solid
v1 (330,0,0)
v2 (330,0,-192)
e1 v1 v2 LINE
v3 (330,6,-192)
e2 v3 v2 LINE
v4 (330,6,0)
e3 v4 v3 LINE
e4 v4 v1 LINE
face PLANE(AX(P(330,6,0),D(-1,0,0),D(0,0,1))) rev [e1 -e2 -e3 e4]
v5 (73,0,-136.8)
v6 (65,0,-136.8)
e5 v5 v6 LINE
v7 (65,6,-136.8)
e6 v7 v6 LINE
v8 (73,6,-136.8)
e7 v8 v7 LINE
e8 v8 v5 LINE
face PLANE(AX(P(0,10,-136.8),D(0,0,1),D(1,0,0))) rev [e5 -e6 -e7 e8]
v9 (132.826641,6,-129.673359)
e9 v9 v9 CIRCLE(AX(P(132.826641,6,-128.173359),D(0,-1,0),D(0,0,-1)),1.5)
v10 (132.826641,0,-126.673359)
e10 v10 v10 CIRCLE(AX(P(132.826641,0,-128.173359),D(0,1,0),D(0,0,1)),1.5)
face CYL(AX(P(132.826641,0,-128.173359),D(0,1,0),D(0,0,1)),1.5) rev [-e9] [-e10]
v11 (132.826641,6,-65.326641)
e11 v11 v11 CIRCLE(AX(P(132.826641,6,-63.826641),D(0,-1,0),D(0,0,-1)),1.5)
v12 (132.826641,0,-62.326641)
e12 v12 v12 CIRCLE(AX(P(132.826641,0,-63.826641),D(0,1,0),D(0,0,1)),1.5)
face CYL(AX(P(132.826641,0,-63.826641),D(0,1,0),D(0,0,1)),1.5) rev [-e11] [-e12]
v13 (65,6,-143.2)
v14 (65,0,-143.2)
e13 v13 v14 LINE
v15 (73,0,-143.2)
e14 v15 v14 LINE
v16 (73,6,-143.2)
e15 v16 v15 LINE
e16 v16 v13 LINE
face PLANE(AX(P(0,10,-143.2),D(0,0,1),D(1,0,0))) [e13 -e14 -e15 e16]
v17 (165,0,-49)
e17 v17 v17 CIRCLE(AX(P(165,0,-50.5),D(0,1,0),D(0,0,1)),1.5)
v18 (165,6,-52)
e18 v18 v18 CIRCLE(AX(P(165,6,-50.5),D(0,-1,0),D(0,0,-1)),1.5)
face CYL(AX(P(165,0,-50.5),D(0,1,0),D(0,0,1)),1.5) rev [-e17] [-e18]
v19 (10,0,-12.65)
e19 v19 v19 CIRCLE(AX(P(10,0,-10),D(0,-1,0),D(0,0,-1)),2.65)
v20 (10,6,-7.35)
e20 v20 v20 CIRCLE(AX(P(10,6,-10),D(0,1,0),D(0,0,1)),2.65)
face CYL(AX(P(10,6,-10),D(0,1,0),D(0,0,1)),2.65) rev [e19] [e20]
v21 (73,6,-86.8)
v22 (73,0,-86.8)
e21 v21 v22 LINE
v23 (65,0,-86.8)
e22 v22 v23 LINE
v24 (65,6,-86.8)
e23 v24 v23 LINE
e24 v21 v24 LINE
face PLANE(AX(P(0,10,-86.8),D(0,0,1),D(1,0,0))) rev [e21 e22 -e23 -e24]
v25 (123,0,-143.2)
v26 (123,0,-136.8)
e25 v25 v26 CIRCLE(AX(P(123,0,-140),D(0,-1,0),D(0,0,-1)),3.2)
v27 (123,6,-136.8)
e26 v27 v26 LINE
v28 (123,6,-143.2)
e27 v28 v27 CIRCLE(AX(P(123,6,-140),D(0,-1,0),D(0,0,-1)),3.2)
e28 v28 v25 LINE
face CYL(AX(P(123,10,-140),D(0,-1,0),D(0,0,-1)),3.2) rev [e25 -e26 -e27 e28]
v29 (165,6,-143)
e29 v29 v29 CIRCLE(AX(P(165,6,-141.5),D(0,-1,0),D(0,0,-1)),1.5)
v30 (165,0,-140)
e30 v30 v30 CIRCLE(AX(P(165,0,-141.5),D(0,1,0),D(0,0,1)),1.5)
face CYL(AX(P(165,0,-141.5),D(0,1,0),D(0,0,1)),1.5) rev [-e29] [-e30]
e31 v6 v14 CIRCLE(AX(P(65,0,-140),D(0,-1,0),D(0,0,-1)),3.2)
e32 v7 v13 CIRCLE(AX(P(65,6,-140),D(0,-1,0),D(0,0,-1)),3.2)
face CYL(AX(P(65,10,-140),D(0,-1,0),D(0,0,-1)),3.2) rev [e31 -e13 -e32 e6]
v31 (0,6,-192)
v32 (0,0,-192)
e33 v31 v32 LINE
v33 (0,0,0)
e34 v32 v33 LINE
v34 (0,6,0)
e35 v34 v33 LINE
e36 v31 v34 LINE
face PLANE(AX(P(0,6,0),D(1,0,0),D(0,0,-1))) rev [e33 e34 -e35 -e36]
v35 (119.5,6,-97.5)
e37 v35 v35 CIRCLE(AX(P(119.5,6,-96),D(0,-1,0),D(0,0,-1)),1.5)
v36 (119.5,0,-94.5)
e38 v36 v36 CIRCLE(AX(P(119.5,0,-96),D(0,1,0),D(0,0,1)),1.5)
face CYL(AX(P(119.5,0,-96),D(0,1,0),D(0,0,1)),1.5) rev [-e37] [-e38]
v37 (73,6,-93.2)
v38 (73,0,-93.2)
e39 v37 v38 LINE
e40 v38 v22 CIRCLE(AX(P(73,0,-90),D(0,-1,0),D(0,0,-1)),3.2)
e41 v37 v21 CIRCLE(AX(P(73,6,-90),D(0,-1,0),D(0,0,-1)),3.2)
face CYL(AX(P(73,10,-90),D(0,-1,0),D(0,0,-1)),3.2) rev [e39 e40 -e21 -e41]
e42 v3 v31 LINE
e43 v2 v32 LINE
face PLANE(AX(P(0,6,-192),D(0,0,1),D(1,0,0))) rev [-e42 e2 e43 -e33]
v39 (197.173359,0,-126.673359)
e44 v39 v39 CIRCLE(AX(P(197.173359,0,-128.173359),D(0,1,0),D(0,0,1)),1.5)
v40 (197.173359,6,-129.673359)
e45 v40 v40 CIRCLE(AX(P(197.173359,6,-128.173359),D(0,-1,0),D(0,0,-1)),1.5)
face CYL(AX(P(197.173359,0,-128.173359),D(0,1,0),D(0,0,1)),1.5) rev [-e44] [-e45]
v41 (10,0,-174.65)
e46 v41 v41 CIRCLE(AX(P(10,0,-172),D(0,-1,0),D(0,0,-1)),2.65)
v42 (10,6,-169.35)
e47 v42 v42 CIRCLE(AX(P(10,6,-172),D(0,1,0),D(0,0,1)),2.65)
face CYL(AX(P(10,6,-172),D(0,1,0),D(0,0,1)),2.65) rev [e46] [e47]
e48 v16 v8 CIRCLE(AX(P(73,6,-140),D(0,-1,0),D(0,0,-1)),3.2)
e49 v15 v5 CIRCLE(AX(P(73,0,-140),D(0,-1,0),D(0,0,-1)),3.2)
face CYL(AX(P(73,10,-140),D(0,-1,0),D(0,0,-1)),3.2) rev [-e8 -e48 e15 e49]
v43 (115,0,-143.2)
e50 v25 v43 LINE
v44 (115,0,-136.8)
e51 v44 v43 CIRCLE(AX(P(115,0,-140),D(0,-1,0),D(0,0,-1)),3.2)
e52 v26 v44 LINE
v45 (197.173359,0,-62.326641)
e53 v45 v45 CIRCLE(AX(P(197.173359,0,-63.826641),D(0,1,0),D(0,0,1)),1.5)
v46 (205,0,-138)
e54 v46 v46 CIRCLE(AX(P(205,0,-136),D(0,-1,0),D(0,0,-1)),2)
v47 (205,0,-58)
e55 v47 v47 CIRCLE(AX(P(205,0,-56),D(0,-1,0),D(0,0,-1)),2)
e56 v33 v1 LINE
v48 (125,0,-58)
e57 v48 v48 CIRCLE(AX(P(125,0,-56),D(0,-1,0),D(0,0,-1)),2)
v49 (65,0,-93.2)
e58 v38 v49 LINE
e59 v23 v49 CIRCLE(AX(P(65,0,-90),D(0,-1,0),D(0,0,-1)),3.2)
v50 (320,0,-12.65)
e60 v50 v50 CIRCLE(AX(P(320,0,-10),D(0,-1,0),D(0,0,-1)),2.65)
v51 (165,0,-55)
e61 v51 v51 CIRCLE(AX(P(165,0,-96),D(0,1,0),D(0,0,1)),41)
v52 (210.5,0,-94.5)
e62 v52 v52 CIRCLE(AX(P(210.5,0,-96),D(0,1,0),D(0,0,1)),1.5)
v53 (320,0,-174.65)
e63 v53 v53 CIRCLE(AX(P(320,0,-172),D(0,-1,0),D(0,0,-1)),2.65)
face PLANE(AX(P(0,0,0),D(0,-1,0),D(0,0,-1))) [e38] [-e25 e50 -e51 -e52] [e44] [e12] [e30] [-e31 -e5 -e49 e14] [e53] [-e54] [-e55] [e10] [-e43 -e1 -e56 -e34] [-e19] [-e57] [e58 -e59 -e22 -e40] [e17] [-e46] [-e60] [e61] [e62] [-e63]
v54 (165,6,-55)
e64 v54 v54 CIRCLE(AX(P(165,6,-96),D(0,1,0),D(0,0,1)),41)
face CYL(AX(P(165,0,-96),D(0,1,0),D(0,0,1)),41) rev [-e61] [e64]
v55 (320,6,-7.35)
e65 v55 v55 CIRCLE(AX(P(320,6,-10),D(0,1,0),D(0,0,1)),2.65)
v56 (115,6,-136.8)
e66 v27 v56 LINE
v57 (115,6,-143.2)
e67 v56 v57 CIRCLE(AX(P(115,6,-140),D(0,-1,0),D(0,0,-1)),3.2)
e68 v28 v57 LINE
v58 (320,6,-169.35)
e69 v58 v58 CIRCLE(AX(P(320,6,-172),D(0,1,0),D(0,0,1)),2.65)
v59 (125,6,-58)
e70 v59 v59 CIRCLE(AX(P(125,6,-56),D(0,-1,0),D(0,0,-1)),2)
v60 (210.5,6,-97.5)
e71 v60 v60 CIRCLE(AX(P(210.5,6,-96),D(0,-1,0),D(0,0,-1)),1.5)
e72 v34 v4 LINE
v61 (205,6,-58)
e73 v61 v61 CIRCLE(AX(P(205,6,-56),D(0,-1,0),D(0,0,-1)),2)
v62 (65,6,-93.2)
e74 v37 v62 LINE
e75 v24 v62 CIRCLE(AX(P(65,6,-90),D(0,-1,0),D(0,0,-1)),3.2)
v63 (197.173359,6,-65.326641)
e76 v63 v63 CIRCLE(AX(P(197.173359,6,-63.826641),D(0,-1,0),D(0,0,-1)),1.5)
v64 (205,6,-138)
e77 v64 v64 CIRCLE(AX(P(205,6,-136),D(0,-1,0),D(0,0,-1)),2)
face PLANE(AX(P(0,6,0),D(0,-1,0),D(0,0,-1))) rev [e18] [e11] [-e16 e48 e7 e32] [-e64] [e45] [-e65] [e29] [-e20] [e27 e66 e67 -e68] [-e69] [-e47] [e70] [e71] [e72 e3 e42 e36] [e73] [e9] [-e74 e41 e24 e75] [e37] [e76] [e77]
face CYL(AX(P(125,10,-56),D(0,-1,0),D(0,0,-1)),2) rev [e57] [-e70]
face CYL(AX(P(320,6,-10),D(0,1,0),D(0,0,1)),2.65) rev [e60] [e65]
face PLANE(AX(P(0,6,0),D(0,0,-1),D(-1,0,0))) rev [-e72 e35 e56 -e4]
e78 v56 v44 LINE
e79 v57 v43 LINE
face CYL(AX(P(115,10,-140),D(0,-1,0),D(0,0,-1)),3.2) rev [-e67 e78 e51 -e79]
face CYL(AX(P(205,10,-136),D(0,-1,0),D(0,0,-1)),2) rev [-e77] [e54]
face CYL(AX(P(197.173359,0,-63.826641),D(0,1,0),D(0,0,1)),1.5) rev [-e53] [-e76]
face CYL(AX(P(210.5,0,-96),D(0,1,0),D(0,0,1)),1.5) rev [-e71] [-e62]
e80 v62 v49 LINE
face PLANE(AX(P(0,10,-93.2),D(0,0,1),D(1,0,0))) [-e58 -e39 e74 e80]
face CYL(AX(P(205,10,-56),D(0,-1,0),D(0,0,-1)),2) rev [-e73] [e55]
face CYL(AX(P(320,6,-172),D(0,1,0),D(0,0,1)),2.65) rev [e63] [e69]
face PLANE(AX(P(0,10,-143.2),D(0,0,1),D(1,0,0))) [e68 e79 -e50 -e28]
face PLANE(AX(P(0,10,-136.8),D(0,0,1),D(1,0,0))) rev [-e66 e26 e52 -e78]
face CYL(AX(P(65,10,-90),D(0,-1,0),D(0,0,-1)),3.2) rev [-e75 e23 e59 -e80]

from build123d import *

# Parameters (mm, degrees)
SKETCH1_W                = 330
SKETCH1_H                = 192
BOSS_EXTRUDE1_DEPTH      = 6
CUT_EXTRUDE1_DEPTH       = 382.837661841
CUT_EXTRUDE1_DEPTH_BACK  = 382.837661841
SKETCH2_R                = 1.5
SKETCH3_R                = 41
CUT_EXTRUDE2_DEPTH       = 382.837661841
CUT_EXTRUDE5_DEPTH       = 10
SKETCH11_R               = 2
CUT_EXTRUDE6_DEPTH       = 10
M5_CLEARANCE_HOLE1_D     = 5.3
M5_CLEARANCE_HOLE1_DEPTH = 11.94
M5_CLEARANCE_HOLE1_TIP   = 1.59228064


with BuildPart() as part:
    # Sketch1 → Boss-Extrude1 (new body)
    with BuildSketch(Plane(origin=(0, 0, 0), x_dir=(1, 0, 0), z_dir=(0, 1, 0))):
        with Locations((165, 96)):
            Rectangle(SKETCH1_W, SKETCH1_H)
    extrude(amount=BOSS_EXTRUDE1_DEPTH)

    # Sketch2 → Cut-Extrude1 (cut, two sides: drawn at the far end of the back side and taken through both)
    with BuildSketch(Plane(origin=(0, 6, 0), x_dir=(1, 0, 0), z_dir=(0, 1, 0)).offset(-CUT_EXTRUDE1_DEPTH_BACK)):
        with Locations(Location((165, 141.5, 0), (0, 0, 270))):
            Circle(SKETCH2_R)
        with Locations(Location((197.173358544, 128.173358544, 0), (0, 0, 270))):
            Circle(SKETCH2_R)
        with Locations(Location((210.5, 96, 0), (0, 0, 270))):
            Circle(SKETCH2_R)
        with Locations(Location((165, 50.5, 0), (0, 0, 270))):
            Circle(SKETCH2_R)
        with Locations(Location((132.826641456, 63.826641456, 0), (0, 0, 270))):
            Circle(SKETCH2_R)
        with Locations(Location((119.5, 96, 0), (0, 0, 270))):
            Circle(SKETCH2_R)
        with Locations(Location((132.826641456, 128.173358544, 0), (0, 0, 270))):
            Circle(SKETCH2_R)
        with Locations(Location((197.173358544, 63.826641456, 0), (0, 0, 270))):
            Circle(SKETCH2_R)
    extrude(amount=CUT_EXTRUDE1_DEPTH + CUT_EXTRUDE1_DEPTH_BACK, mode=Mode.SUBTRACT)

    # Sketch3 → Cut-Extrude2 (cut, through all)
    with BuildSketch(Plane(origin=(0, 6, 0), x_dir=(1, 0, 0), z_dir=(0, 1, 0))):
        with Locations(Location((165, 96, 0), (0, 0, 270))):
            Circle(SKETCH3_R)
    extrude(amount=-CUT_EXTRUDE2_DEPTH, mode=Mode.SUBTRACT)

    # Sketch10 → Cut-Extrude5 (cut)
    with BuildSketch(Plane.XZ):
        with BuildLine():
            Line((123, -136.8), (115, -136.8))
            ThreePointArc((115, -136.8), (111.8, -140), (115, -143.2))
            Line((115, -143.2), (123, -143.2))
            ThreePointArc((123, -143.2), (126.2, -140), (123, -136.8))
        make_face()
        with BuildLine():
            Line((73, -136.8), (65, -136.8))
            ThreePointArc((65, -136.8), (61.8, -140), (65, -143.2))
            Line((65, -143.2), (73, -143.2))
            ThreePointArc((73, -143.2), (76.2, -140), (73, -136.8))
        make_face()
        with BuildLine():
            Line((73, -86.8), (65, -86.8))
            ThreePointArc((65, -86.8), (61.8, -90), (65, -93.2))
            Line((65, -93.2), (73, -93.2))
            ThreePointArc((73, -93.2), (76.2, -90), (73, -86.8))
        make_face()
    extrude(amount=-CUT_EXTRUDE5_DEPTH, mode=Mode.SUBTRACT)

    # Sketch11 → Cut-Extrude6 (cut)
    with BuildSketch(Plane.XZ):
        with Locations(Location((125, -56, 0), (0, 0, 270))):
            Circle(SKETCH11_R)
        with Locations(Location((205, -56, 0), (0, 0, 270))):
            Circle(SKETCH11_R)
        with Locations(Location((205, -136, 0), (0, 0, 270))):
            Circle(SKETCH11_R)
    extrude(amount=-CUT_EXTRUDE6_DEPTH, mode=Mode.SUBTRACT)

    # M5 Clearance Hole1
    with Locations(Plane(origin=(0, 6, 0), x_dir=(1, 0, 0), z_dir=(0, 1, 0))):
        with Locations((10, 172), (10, 10), (320, 10), (320, 172)):
            Hole(M5_CLEARANCE_HOLE1_D / 2, depth=M5_CLEARANCE_HOLE1_DEPTH)
            with Locations((0, 0, -(M5_CLEARANCE_HOLE1_DEPTH + M5_CLEARANCE_HOLE1_TIP / 2))):  # 118° drill point
                Cone(0, M5_CLEARANCE_HOLE1_D / 2, M5_CLEARANCE_HOLE1_TIP, mode=Mode.SUBTRACT)


solid = part.part
